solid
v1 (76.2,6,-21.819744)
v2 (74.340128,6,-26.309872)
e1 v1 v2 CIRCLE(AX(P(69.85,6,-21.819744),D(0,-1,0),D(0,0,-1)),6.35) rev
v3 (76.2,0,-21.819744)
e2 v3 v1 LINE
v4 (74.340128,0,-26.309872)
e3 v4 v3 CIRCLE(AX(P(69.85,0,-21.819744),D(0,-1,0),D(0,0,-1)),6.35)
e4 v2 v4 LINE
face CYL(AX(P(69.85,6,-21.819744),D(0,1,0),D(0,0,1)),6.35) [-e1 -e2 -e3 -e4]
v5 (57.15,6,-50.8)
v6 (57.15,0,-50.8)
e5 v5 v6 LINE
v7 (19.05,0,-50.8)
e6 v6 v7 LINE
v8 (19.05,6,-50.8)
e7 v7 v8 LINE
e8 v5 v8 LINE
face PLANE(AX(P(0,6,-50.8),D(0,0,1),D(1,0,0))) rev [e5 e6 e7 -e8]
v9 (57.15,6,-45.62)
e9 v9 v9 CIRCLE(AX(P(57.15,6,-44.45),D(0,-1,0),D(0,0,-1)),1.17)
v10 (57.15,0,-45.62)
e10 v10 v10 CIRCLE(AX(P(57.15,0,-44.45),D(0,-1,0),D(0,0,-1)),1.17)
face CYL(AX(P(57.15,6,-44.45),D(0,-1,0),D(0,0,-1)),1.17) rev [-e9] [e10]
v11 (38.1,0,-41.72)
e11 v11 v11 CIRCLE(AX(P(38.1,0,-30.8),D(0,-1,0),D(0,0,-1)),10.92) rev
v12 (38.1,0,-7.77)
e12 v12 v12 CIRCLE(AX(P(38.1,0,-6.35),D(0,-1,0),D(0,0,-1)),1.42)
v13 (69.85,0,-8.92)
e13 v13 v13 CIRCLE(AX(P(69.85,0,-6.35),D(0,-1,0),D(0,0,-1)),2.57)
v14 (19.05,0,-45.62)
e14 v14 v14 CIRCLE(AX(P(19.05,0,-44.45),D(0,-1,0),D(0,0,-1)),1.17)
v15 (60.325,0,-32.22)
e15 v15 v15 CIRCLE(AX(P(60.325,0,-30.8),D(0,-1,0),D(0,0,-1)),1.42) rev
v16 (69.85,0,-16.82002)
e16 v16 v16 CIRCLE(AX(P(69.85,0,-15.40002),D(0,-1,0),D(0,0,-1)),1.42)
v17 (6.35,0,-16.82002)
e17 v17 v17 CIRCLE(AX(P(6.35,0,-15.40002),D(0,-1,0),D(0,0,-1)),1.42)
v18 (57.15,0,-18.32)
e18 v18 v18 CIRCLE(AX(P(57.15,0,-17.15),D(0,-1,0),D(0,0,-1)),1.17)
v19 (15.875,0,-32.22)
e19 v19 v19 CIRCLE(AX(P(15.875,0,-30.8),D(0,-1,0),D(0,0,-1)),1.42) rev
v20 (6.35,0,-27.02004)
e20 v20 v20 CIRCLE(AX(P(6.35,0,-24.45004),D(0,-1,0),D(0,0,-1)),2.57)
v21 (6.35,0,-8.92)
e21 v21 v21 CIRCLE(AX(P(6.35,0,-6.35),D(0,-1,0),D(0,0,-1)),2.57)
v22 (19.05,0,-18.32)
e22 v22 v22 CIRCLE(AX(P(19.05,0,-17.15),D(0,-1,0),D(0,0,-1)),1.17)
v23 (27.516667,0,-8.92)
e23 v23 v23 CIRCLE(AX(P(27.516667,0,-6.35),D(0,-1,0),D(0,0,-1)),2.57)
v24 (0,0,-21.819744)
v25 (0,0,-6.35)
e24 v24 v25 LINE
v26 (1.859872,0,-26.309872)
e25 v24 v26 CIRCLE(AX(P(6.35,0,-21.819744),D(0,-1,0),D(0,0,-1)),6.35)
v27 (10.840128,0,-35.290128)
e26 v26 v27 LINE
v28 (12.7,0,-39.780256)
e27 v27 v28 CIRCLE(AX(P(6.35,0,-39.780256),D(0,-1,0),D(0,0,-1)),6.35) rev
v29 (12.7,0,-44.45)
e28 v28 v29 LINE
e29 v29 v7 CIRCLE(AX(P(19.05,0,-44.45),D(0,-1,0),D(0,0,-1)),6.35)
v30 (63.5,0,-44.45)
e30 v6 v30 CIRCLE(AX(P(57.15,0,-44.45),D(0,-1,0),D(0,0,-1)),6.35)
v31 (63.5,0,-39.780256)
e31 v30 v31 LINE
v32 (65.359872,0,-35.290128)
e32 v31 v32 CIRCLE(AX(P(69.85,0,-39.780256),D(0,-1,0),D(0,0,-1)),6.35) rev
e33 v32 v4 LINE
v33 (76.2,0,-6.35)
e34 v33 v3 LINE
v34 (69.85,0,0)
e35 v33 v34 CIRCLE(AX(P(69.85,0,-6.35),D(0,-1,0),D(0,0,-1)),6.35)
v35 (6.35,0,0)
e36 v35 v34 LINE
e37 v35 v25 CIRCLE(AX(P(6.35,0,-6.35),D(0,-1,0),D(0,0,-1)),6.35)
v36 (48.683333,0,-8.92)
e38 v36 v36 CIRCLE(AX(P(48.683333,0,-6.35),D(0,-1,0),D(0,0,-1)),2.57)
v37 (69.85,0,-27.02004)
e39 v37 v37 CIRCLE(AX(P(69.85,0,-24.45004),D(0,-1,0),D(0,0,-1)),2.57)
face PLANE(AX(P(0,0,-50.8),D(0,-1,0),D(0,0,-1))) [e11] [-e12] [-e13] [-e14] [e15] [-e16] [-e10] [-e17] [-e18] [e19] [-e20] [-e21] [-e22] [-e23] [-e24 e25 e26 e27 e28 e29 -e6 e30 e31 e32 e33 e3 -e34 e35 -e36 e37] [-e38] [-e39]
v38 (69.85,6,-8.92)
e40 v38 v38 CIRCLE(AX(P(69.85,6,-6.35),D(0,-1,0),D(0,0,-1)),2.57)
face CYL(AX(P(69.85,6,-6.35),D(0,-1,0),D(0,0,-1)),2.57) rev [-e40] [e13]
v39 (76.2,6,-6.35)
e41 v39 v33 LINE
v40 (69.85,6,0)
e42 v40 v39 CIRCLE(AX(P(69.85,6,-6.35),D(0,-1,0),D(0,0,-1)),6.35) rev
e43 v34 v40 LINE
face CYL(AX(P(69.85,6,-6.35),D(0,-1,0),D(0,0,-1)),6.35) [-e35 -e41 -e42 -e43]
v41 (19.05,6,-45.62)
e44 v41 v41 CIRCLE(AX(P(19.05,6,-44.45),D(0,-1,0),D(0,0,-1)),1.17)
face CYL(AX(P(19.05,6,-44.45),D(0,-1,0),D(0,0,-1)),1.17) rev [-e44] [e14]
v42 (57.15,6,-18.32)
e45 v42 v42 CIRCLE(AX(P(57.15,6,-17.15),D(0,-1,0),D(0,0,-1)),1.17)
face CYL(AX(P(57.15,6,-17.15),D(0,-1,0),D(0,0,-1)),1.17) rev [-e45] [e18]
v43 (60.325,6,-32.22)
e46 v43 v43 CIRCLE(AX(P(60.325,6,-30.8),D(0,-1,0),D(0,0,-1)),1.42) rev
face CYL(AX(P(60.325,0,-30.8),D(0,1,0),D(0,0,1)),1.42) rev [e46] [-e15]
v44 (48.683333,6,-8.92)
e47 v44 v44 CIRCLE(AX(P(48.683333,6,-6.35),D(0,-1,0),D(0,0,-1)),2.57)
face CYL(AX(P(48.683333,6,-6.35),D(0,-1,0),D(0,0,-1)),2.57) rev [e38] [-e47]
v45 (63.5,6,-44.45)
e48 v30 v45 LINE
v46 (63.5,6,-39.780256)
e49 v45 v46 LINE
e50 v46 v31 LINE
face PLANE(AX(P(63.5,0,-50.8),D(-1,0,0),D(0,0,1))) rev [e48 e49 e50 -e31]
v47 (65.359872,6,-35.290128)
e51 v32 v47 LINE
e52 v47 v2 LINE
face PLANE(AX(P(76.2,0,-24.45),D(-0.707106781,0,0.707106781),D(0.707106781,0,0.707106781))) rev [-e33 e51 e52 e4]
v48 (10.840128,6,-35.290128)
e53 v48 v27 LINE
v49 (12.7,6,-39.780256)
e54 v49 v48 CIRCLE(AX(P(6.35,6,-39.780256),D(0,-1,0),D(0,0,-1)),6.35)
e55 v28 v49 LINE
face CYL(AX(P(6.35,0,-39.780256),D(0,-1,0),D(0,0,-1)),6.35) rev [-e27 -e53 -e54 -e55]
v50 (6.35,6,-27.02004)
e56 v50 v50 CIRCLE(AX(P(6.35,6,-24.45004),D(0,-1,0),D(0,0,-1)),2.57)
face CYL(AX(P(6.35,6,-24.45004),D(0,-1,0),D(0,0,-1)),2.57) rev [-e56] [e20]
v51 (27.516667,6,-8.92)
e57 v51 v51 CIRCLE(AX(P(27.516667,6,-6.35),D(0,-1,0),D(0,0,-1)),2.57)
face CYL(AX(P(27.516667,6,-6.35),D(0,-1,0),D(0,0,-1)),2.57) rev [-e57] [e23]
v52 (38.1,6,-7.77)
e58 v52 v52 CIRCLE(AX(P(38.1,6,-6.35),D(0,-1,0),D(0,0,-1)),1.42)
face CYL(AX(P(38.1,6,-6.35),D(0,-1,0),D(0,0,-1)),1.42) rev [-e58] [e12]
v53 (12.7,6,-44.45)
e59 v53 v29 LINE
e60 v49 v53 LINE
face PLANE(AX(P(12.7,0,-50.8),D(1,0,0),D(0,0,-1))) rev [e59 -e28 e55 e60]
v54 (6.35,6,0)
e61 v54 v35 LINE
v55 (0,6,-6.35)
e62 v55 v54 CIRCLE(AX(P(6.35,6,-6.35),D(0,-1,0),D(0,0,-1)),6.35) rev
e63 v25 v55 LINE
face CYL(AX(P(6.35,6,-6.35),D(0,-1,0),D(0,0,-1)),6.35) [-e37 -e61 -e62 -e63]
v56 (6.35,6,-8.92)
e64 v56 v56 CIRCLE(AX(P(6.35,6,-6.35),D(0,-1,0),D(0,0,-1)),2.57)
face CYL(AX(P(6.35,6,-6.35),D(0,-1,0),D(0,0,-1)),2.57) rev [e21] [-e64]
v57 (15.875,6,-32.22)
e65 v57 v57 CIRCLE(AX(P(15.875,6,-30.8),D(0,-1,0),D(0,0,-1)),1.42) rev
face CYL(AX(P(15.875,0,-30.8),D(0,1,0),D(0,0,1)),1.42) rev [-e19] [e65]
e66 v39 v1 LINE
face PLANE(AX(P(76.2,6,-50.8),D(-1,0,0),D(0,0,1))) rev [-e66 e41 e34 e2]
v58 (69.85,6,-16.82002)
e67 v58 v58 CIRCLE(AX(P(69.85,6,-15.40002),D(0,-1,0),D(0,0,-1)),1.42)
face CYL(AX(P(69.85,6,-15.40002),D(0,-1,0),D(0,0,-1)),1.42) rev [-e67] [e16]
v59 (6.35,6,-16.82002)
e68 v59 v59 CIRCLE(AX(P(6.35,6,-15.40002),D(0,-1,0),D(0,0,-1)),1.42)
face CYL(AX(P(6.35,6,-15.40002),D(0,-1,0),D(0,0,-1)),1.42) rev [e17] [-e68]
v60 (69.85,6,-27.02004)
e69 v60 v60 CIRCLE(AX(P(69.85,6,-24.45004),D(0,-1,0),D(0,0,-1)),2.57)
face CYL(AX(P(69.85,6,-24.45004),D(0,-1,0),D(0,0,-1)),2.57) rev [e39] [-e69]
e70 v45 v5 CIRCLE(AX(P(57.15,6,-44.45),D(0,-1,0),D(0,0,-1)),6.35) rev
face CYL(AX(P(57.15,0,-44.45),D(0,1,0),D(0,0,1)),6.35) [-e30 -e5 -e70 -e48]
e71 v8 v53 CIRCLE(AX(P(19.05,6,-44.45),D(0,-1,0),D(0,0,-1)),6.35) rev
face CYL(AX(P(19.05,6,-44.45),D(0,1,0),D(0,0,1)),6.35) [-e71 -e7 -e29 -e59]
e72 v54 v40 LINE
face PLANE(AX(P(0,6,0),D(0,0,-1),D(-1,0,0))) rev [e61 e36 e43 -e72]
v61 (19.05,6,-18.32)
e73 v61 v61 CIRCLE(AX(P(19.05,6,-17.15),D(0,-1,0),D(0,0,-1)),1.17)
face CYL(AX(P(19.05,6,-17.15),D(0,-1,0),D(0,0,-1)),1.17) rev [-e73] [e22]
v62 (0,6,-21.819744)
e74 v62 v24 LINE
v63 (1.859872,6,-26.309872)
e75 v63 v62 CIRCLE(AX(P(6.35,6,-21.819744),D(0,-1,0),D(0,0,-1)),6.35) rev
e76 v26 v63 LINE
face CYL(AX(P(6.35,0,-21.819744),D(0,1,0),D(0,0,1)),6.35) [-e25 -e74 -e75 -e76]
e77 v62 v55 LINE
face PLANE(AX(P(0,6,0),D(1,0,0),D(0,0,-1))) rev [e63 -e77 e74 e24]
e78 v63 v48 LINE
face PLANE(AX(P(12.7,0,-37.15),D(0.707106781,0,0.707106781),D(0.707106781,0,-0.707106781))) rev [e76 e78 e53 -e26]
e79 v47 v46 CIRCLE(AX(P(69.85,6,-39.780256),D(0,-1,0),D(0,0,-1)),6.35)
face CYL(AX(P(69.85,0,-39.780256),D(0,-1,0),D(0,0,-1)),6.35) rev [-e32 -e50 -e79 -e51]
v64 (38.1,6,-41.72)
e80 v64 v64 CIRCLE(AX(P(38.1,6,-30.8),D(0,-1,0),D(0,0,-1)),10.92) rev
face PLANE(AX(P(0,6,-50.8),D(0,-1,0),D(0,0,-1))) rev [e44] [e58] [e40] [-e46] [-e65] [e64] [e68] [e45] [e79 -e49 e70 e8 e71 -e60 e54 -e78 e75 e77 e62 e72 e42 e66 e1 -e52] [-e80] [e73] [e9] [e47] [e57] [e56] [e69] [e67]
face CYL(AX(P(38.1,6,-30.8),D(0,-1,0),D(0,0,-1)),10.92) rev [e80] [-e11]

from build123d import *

# Parameters (mm, degrees)
SKETCH1_R           = 11
BOSS_EXTRUDE1_DEPTH = 6
SKETCH2_R           = 1.5
CUT_EXTRUDE1_DEPTH  = 92.777339251
SKETCH14_R          = 1.25
M3_TAP_DEPTH        = 92.777339251
SKETCH15_R          = 2.65
M5_THROUGH_DEPTH    = 92.777339251
CUT_EXTRUDE2_DEPTH  = 92.777339251
FILLET2_R           = 6.35
SKETCH13_R          = 1.5
CUT_EXTRUDE3_DEPTH  = 92.777339251
MOVE_FACE1_BY       = 0.08
MOVE_FACE1_2_BY     = 0.08
MOVE_FACE1_3_BY     = 0.08
MOVE_FACE1_4_BY     = 0.08
MOVE_FACE1_5_BY     = 0.08
MOVE_FACE1_6_BY     = 0.08
MOVE_FACE1_7_BY     = 0.08
MOVE_FACE1_8_BY     = 0.08
MOVE_FACE1_9_BY     = 0.08
MOVE_FACE1_10_BY    = 0.08
MOVE_FACE1_11_BY    = 0.08
MOVE_FACE1_12_BY    = 0.08
MOVE_FACE1_13_BY    = 0.08
MOVE_FACE1_14_BY    = 0.08
MOVE_FACE1_15_BY    = 0.08
MOVE_FACE1_16_BY    = 0.08


with BuildPart() as part:
    # Sketch1 → Boss-Extrude1 (new body)
    with BuildSketch(Plane(origin=(0, 0, 0), x_dir=(1, 0, 0), z_dir=(0, 1, 0))):
        Polygon((0, 0), (76.2, 0), (76.2, 50.8), (38.1, 50.8), (0, 50.8), align=None)
        with Locations(Location((38.1, 30.8, 0), (0, 0, 270))):
            Circle(SKETCH1_R, mode=Mode.SUBTRACT)
    extrude(amount=BOSS_EXTRUDE1_DEPTH)

    # Sketch2 → Cut-Extrude1 (cut, through all)
    with BuildSketch(Plane(origin=(0, 6, 0), x_dir=(1, 0, 0), z_dir=(0, 1, 0))):
        with Locations(Location((15.875, 30.8, 0), (0, 0, 270))):
            Circle(SKETCH2_R)
        with Locations(Location((60.325, 30.8, 0), (0, 0, 90))):
            Circle(SKETCH2_R)
    extrude(amount=-CUT_EXTRUDE1_DEPTH, mode=Mode.SUBTRACT)

    # Sketch14 → M3-tap (cut, through all)
    with BuildSketch(Plane.XZ):
        with Locations(Location((57.15, -44.45, 0), (0, 0, 270))):
            Circle(SKETCH14_R)
        with Locations(Location((19.05, -44.45, 0), (0, 0, 270))):
            Circle(SKETCH14_R)
        with Locations(Location((19.05, -17.15, 0), (0, 0, 270))):
            Circle(SKETCH14_R)
        with Locations(Location((57.15, -17.15, 0), (0, 0, 270))):
            Circle(SKETCH14_R)
    extrude(amount=-M3_TAP_DEPTH, mode=Mode.SUBTRACT)

    # Sketch15 → M5-through (cut, through all)
    with BuildSketch(Plane.XZ):
        with Locations(Location((69.85, -24.45004, 0), (0, 0, 270))):
            Circle(SKETCH15_R)
        with Locations(Location((69.85, -6.35, 0), (0, 0, 270))):
            Circle(SKETCH15_R)
        with Locations(Location((48.683333333, -6.35, 0), (0, 0, 270))):
            Circle(SKETCH15_R)
        with Locations(Location((27.516666667, -6.35, 0), (0, 0, 270))):
            Circle(SKETCH15_R)
        with Locations(Location((6.35, -6.35, 0), (0, 0, 270))):
            Circle(SKETCH15_R)
        with Locations(Location((6.35, -24.45004, 0), (0, 0, 270))):
            Circle(SKETCH15_R)
    extrude(amount=-M5_THROUGH_DEPTH, mode=Mode.SUBTRACT)

    # Sketch12 → Cut-Extrude2 (cut, through all)
    with BuildSketch(Plane(origin=(0, 6, 0), x_dir=(1, 0, 0), z_dir=(0, 1, 0))):
        Polygon((0, 50.8), (12.7, 50.8), (12.7, 37.15), (0, 24.45), align=None)
        Polygon((63.5, 50.8), (63.5, 37.15), (76.2, 24.45), (76.2, 50.8), align=None)
    extrude(amount=-CUT_EXTRUDE2_DEPTH, mode=Mode.SUBTRACT)

    # Fillet2
    fillet2_edges = [part.edges().sort_by_distance(p)[0] for p in [
        (0, 3, -24.45),
        (12.7, 3, -50.8),
        (12.7, 3, -37.15),
        (76.2, 3, 0),
        (63.5, 3, -50.8),
        (0, 3, 0),
        (76.2, 3, -24.45),
        (63.5, 3, -37.15),
    ]]
    fillet(fillet2_edges, radius=FILLET2_R)

    # Sketch13 → Cut-Extrude3 (cut, through all)
    with BuildSketch(Plane.XZ):
        with Locations(Location((69.85, -15.40002, 0), (0, 0, 270))):
            Circle(SKETCH13_R)
        with Locations(Location((38.1, -6.35, 0), (0, 0, 270))):
            Circle(SKETCH13_R)
        with Locations(Location((6.35, -15.40002, 0), (0, 0, 270))):
            Circle(SKETCH13_R)
    extrude(amount=-CUT_EXTRUDE3_DEPTH, mode=Mode.SUBTRACT)

    # Move Face1: a curved face moved outward by 0.08
    add(Solid.thicken(part.faces().sort_by_distance((38.1, 3, -41.8))[0], MOVE_FACE1_BY))

    # Move Face1 2: a curved face moved outward by 0.08
    add(Solid.thicken(part.faces().sort_by_distance((15.875, 3, -32.3))[0], MOVE_FACE1_2_BY))

    # Move Face1 3: a curved face moved outward by 0.08
    add(Solid.thicken(part.faces().sort_by_distance((60.325, 3, -29.3))[0], MOVE_FACE1_3_BY))

    # Move Face1 4: a curved face moved outward by 0.08
    add(Solid.thicken(part.faces().sort_by_distance((57.15, 3, -43.2))[0], MOVE_FACE1_4_BY))

    # Move Face1 5: a curved face moved outward by 0.08
    add(Solid.thicken(part.faces().sort_by_distance((19.05, 3, -43.2))[0], MOVE_FACE1_5_BY))

    # Move Face1 6: a curved face moved outward by 0.08
    add(Solid.thicken(part.faces().sort_by_distance((19.05, 3, -15.9))[0], MOVE_FACE1_6_BY))

    # Move Face1 7: a curved face moved outward by 0.08
    add(Solid.thicken(part.faces().sort_by_distance((57.15, 3, -15.9))[0], MOVE_FACE1_7_BY))

    # Move Face1 8: a curved face moved outward by 0.08
    add(Solid.thicken(part.faces().sort_by_distance((69.85, 3, -21.80004))[0], MOVE_FACE1_8_BY))

    # Move Face1 9: a curved face moved outward by 0.08
    add(Solid.thicken(part.faces().sort_by_distance((69.85, 3, -3.7))[0], MOVE_FACE1_9_BY))

    # Move Face1 10: a curved face moved outward by 0.08
    add(Solid.thicken(part.faces().sort_by_distance((48.683333333, 3, -3.7))[0], MOVE_FACE1_10_BY))

    # Move Face1 11: a curved face moved outward by 0.08
    add(Solid.thicken(part.faces().sort_by_distance((27.516666667, 3, -3.7))[0], MOVE_FACE1_11_BY))

    # Move Face1 12: a curved face moved outward by 0.08
    add(Solid.thicken(part.faces().sort_by_distance((6.35, 3, -3.7))[0], MOVE_FACE1_12_BY))

    # Move Face1 13: a curved face moved outward by 0.08
    add(Solid.thicken(part.faces().sort_by_distance((6.35, 3, -21.80004))[0], MOVE_FACE1_13_BY))

    # Move Face1 14: a curved face moved outward by 0.08
    add(Solid.thicken(part.faces().sort_by_distance((69.85, 3, -13.90002))[0], MOVE_FACE1_14_BY))

    # Move Face1 15: a curved face moved outward by 0.08
    add(Solid.thicken(part.faces().sort_by_distance((38.1, 3, -4.85))[0], MOVE_FACE1_15_BY))

    # Move Face1 16: a curved face moved outward by 0.08
    add(Solid.thicken(part.faces().sort_by_distance((6.35, 3, -13.90002))[0], MOVE_FACE1_16_BY))


solid = part.part
